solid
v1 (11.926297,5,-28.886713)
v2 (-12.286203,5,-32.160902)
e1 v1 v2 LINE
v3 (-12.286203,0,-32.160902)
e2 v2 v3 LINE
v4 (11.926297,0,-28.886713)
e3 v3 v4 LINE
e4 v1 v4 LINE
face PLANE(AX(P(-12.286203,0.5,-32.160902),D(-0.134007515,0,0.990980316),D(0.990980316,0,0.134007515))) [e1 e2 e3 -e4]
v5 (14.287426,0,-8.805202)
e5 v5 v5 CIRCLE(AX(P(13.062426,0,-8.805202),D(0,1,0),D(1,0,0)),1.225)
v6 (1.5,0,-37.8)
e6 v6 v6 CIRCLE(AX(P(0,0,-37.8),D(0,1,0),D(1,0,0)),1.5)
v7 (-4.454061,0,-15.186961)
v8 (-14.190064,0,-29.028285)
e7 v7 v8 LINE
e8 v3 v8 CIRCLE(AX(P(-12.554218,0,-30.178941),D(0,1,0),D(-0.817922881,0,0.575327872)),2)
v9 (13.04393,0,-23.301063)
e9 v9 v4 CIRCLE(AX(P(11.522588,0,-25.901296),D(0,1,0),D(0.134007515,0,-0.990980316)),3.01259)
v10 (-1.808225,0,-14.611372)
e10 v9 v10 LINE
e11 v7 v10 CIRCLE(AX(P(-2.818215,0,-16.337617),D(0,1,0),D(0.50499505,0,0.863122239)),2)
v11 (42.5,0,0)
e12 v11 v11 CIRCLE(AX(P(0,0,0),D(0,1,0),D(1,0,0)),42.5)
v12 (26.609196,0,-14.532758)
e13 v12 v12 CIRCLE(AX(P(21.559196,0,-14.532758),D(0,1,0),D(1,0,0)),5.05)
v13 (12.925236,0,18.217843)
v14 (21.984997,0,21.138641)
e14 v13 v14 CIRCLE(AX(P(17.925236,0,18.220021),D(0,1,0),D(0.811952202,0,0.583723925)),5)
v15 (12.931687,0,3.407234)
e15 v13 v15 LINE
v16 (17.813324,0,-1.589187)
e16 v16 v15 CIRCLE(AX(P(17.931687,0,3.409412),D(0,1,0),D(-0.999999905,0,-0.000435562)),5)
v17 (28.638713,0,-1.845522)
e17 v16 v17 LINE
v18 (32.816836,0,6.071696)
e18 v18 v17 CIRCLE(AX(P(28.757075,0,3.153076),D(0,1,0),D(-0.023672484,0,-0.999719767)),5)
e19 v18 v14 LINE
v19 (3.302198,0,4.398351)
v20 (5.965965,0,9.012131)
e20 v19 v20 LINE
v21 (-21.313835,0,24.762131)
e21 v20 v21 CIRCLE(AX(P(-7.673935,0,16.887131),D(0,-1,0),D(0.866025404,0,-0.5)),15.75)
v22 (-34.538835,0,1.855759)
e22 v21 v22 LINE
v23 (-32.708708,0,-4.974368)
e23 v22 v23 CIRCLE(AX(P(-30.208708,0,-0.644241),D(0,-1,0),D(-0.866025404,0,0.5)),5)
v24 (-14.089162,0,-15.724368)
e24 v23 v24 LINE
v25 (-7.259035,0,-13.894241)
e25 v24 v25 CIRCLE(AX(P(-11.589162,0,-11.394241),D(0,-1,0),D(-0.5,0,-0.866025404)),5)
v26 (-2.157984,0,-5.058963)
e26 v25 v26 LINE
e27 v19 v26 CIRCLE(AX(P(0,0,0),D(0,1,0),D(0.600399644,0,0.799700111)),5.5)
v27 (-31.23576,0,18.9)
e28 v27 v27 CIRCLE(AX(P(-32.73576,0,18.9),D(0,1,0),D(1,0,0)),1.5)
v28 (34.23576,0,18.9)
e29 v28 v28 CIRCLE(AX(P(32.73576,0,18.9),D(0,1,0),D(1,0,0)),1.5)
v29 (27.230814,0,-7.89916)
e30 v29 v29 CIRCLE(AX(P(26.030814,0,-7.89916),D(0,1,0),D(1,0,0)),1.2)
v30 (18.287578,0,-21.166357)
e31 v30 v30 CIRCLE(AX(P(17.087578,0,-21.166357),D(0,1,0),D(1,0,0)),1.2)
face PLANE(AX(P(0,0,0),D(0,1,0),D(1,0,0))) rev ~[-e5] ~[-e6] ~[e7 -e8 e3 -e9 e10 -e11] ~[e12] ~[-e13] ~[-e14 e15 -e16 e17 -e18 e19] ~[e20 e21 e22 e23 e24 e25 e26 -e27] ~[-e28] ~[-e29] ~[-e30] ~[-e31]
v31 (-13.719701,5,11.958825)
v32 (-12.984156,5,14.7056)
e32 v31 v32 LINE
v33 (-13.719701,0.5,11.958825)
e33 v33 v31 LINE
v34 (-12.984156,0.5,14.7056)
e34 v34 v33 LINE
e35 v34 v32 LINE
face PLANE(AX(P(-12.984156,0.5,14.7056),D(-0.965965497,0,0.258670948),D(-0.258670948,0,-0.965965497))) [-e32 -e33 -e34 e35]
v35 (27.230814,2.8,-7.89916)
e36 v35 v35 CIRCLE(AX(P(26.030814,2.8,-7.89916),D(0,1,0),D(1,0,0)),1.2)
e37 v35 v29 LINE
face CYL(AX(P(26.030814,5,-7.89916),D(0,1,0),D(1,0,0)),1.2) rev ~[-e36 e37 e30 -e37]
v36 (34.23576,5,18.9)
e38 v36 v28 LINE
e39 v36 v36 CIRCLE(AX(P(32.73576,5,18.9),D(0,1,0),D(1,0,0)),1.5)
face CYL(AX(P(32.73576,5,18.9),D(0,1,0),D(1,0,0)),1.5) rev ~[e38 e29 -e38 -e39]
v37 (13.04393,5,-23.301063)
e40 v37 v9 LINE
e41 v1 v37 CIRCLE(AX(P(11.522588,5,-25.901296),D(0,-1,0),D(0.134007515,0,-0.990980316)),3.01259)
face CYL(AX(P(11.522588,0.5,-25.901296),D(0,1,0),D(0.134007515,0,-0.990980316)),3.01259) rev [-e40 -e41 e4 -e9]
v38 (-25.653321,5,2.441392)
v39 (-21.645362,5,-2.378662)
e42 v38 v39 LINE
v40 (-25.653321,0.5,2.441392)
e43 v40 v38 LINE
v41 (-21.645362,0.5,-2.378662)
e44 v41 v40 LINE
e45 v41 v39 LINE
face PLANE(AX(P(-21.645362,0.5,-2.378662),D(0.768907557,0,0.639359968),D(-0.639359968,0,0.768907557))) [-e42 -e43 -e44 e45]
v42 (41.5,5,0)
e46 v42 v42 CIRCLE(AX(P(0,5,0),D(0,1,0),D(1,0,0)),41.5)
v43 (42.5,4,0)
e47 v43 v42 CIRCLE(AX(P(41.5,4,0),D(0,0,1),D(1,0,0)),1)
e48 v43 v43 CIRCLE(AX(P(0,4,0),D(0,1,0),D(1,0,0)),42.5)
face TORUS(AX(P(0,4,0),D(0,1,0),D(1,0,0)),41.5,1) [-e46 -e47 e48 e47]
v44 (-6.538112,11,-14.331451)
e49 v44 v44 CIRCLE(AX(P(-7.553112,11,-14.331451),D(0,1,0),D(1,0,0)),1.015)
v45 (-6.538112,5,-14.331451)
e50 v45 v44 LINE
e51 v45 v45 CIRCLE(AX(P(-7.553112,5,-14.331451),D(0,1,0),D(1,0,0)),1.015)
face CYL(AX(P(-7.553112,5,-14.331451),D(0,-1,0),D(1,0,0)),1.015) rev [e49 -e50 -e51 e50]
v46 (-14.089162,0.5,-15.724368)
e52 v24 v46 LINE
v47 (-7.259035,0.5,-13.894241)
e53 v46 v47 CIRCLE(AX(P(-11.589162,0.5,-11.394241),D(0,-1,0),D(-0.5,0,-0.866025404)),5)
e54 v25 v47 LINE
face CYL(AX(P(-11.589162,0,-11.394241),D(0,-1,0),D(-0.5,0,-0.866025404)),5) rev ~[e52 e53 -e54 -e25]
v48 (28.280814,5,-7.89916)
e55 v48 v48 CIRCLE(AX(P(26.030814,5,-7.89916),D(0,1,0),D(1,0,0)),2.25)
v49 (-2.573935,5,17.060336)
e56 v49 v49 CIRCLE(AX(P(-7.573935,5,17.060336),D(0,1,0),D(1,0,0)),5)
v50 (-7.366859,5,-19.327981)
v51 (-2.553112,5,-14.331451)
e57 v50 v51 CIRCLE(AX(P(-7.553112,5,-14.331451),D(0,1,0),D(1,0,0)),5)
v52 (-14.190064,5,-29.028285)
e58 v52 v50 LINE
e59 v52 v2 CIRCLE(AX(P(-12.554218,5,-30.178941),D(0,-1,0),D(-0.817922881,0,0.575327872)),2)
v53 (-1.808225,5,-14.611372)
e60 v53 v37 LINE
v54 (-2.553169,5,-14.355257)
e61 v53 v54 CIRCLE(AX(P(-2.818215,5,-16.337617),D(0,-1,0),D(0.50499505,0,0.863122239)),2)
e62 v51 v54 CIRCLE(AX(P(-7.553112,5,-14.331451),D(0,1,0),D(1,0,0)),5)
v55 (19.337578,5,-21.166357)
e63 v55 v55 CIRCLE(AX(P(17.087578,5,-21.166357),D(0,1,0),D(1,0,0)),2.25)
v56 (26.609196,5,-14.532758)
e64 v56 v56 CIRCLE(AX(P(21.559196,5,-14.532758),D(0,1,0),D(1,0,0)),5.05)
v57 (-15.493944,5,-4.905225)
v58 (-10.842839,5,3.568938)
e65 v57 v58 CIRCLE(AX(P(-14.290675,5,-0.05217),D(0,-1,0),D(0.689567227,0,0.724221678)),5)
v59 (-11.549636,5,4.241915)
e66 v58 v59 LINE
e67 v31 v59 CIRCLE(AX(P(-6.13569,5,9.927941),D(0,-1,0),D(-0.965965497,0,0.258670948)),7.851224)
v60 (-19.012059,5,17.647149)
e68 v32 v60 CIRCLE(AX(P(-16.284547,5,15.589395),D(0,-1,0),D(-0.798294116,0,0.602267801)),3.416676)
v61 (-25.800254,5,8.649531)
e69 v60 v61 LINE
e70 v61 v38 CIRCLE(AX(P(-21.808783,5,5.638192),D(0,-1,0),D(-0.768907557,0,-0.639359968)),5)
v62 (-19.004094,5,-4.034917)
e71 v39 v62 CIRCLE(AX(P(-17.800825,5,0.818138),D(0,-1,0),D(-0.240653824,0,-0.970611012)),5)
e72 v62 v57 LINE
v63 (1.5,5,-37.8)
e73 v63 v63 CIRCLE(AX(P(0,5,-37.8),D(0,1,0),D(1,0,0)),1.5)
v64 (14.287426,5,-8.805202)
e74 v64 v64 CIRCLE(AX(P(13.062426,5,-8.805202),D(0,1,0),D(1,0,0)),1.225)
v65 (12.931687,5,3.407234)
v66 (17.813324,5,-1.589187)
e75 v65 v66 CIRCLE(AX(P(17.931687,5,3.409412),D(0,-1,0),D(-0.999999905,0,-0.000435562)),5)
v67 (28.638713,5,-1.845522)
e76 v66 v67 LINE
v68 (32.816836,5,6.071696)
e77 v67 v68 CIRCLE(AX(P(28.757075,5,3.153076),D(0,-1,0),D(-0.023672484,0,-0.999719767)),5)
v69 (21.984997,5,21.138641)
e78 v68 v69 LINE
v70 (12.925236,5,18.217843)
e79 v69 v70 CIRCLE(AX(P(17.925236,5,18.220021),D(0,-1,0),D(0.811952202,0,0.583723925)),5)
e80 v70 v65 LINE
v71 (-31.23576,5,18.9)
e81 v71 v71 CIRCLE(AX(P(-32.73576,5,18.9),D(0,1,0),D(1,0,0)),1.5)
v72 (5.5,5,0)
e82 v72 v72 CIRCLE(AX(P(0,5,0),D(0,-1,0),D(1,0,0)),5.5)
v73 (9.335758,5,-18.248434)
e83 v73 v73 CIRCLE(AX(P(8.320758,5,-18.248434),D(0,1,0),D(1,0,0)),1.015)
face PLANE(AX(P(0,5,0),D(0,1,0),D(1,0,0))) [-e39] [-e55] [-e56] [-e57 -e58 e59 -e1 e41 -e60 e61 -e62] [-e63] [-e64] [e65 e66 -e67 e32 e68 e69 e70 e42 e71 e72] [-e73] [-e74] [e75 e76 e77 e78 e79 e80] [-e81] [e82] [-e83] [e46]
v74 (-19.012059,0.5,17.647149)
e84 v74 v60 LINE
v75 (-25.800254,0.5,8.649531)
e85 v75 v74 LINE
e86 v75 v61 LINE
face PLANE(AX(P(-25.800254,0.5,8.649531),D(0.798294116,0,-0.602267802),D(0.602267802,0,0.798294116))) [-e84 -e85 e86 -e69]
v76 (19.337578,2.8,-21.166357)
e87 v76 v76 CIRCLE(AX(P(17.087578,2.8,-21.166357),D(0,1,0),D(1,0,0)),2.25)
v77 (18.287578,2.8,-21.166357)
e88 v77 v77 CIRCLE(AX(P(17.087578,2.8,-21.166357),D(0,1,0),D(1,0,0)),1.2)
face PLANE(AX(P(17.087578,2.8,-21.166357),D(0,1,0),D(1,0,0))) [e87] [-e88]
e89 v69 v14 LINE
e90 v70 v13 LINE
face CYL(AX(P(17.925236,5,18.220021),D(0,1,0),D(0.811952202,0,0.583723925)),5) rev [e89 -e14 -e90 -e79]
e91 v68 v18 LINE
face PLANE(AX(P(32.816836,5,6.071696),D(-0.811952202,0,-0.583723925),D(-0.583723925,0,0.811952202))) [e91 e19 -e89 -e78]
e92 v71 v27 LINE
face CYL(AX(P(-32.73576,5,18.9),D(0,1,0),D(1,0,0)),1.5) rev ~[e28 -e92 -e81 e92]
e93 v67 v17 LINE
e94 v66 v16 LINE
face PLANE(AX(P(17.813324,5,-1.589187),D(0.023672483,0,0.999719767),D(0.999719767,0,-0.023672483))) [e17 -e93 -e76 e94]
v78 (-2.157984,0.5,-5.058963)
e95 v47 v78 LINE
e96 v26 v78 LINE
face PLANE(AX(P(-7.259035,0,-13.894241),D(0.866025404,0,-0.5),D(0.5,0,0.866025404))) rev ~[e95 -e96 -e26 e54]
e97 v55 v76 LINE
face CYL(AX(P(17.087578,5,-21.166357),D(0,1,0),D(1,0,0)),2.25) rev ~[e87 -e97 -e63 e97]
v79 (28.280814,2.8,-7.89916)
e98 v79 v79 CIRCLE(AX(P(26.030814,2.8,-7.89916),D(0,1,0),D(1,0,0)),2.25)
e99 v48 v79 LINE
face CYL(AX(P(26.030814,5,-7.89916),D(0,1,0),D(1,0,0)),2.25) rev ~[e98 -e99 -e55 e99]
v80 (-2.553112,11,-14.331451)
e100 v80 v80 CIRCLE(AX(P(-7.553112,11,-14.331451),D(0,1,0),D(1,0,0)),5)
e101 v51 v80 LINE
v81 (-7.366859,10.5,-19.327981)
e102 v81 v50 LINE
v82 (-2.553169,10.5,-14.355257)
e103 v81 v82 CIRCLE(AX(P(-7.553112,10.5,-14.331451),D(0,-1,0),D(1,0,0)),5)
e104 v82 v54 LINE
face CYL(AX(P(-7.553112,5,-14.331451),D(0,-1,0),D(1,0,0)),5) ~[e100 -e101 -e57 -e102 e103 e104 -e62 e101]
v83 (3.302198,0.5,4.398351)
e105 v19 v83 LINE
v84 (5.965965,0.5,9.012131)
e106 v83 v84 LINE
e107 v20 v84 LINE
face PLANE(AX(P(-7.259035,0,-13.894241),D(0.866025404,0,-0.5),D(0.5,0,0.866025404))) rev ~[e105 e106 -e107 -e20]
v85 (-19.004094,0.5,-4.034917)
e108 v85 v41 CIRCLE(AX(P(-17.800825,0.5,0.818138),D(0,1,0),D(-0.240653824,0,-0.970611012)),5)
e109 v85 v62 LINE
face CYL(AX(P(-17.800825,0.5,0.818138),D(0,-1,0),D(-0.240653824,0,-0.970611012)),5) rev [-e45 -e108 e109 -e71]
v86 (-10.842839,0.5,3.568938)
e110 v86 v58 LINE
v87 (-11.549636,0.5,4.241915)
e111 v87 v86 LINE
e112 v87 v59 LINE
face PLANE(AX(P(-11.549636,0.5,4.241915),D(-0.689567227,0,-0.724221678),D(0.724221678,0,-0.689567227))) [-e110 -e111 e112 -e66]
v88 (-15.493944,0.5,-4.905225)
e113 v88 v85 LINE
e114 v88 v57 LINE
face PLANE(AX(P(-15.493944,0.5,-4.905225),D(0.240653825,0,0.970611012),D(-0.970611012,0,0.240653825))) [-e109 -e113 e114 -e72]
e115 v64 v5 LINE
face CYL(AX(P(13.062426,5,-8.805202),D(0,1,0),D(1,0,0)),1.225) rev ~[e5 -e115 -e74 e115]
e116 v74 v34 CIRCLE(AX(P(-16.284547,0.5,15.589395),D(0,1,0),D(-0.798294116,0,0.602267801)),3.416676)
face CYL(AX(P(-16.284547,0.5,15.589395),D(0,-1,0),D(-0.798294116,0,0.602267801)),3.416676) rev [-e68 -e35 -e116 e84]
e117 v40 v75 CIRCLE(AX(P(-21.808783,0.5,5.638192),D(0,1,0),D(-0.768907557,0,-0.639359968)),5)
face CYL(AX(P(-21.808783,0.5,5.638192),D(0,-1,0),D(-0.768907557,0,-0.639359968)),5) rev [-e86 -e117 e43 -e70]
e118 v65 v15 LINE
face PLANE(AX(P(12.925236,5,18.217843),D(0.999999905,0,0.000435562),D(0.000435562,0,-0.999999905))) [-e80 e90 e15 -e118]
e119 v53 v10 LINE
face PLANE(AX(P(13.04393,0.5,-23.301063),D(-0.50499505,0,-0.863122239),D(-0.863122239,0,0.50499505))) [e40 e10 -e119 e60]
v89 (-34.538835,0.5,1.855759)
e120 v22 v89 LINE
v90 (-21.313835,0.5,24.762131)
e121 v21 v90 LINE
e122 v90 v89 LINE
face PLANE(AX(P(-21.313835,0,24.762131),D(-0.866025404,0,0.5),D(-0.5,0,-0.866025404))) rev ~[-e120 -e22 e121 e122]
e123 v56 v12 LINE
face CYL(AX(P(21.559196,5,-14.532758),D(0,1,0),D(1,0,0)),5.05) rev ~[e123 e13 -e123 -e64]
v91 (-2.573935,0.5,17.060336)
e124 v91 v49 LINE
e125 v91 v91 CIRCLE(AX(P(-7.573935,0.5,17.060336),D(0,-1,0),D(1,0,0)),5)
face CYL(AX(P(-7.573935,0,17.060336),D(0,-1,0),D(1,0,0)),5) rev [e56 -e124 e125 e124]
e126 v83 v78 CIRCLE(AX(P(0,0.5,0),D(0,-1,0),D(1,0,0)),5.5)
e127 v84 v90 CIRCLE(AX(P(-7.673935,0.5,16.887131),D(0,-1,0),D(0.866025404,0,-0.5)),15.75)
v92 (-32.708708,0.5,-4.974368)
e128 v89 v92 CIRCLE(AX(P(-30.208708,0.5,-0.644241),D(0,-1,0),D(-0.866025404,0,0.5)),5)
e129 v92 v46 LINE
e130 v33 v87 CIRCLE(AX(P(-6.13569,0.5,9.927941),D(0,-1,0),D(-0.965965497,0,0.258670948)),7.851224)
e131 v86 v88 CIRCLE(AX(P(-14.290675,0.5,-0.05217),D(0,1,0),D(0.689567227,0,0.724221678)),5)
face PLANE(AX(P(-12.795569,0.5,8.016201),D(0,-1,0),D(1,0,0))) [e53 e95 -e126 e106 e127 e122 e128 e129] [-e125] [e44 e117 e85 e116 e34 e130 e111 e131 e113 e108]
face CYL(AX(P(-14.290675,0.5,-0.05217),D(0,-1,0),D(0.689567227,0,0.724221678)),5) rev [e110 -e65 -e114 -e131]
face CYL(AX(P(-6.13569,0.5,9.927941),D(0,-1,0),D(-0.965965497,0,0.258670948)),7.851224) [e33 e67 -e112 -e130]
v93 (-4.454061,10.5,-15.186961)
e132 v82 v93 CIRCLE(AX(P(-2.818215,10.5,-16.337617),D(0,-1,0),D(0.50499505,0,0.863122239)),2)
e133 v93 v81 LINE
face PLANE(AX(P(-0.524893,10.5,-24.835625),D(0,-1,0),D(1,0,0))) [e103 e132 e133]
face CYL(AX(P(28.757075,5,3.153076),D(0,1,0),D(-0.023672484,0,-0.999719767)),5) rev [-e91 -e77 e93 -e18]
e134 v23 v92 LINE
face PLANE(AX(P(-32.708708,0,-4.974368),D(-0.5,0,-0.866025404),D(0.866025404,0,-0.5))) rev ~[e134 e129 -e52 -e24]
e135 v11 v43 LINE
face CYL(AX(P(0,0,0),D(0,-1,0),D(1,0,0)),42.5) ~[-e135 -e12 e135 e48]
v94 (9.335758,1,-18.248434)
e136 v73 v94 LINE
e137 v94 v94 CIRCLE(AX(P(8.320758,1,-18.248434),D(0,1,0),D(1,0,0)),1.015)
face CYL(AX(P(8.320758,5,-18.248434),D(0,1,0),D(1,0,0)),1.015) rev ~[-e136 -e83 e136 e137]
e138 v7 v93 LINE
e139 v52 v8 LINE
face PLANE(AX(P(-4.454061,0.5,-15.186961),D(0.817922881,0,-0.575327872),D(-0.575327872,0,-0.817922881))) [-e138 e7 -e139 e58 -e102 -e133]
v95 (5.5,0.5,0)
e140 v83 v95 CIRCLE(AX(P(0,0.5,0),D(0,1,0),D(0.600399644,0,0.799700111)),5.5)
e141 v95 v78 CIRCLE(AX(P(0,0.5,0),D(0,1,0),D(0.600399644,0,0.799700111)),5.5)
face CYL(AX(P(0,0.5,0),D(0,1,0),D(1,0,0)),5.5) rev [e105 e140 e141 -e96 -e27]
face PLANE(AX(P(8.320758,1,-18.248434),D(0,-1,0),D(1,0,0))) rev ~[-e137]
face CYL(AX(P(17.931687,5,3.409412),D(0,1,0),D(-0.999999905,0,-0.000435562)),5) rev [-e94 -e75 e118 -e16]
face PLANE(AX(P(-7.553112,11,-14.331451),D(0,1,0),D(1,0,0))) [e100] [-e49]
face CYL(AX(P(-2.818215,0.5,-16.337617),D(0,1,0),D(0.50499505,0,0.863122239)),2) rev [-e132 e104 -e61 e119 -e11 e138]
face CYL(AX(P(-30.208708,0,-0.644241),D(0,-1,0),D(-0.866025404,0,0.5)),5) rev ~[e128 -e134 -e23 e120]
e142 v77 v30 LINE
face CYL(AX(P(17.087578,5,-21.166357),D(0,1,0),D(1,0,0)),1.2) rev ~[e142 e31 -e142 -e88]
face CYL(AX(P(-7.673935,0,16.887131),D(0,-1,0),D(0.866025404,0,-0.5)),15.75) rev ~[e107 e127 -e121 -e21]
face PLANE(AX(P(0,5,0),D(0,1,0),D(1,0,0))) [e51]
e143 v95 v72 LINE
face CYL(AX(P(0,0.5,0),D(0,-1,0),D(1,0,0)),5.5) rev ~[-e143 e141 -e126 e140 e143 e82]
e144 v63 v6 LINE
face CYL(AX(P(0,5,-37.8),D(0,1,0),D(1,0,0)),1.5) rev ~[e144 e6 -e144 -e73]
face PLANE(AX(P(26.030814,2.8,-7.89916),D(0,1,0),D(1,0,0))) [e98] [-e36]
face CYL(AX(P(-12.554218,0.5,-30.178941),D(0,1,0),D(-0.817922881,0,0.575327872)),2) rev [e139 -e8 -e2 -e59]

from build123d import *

# Parameters (mm, degrees)
SKETCH1_R                = 42.5
SKETCH1_R_2              = 5
BOSS_EXTRUDE1_DEPTH      = 5
SKETCH2_R                = 1.2
SKETCH2_R_2              = 1.225
SKETCH2_R_3              = 5.05
SKETCH2_R_4              = 1.015
CUT_EXTRUDE1_DEPTH       = 10
SKETCH5_R                = 5
SKETCH5_R_2              = 1.015
BOSS_EXTRUDE2_DEPTH      = 6
SKETCH9_R                = 2.357259082
BOSS_EXTRUDE4_DEPTH      = 1
FILLET1_R                = 1
SKETCH10_R               = 1.5
CUT_EXTRUDE3_DEPTH       = 2.2
CUT_EXTRUDE3_DEPTH_BACK  = 16
CUT_EXTRUDE6_DEPTH       = 0.5
CUT_EXTRUDE7_DEPTH       = 10
CUT_EXTRUDE8_DEPTH       = 10
CUT_EXTRUDE8_DEPTH_BACK  = 10
CUT_EXTRUDE9_DEPTH       = 10
CUT_EXTRUDE9_DEPTH_BACK  = 10
SKETCH17_R               = 5.5
CUT_EXTRUDE10_DEPTH      = 10
CUT_EXTRUDE10_DEPTH_BACK = 10
SKETCH18_R               = 2.25
CUT_EXTRUDE11_DEPTH      = 2.2


with BuildPart() as part:
    # Sketch1 → Boss-Extrude1 (new body)
    with BuildSketch(Plane(origin=(0, 0, 0), x_dir=(1, 0, 0), z_dir=(0, 1, 0))):
        Circle(SKETCH1_R)
        with Locations((-7.573934673, -17.06033615)):
            Circle(SKETCH1_R_2, mode=Mode.SUBTRACT)
    extrude(amount=BOSS_EXTRUDE1_DEPTH)

    # Sketch2 → Cut-Extrude1 (cut)
    with BuildSketch(Plane(origin=(0, 5, 0), x_dir=(1, 0, 0), z_dir=(0, 1, 0))):
        with Locations((26.030814012, 7.899159566)):
            Circle(SKETCH2_R)
        with Locations((17.087578103, 21.16635714)):
            Circle(SKETCH2_R)
        with Locations((13.062426036, 8.805202225)):
            Circle(SKETCH2_R_2)
        with Locations((21.559196058, 14.532758353)):
            Circle(SKETCH2_R_3)
        with Locations((8.320757608, 18.248434254)):
            Circle(SKETCH2_R_4)
    extrude(amount=-CUT_EXTRUDE1_DEPTH, mode=Mode.SUBTRACT)

    # Sketch5 → Boss-Extrude2 (add)
    with BuildSketch(Plane(origin=(0, 5, 0), x_dir=(1, 0, 0), z_dir=(0, 1, 0))):
        with Locations((-7.55311225, 14.331451264)):
            Circle(SKETCH5_R)
        with Locations((-7.55311225, 14.331451264)):
            Circle(SKETCH5_R_2, mode=Mode.SUBTRACT)
    extrude(amount=BOSS_EXTRUDE2_DEPTH)

    # Sketch9 → Boss-Extrude4 (add)
    with BuildSketch(Plane.XZ):
        with Locations((8.320757608, -18.248434254)):
            Circle(SKETCH9_R)
    extrude(amount=-BOSS_EXTRUDE4_DEPTH)

    # Fillet1
    fillet1_edges = [part.edges().sort_by_distance(p)[0] for p in [
        (-42.5, 5, 0),
    ]]
    fillet(fillet1_edges, radius=FILLET1_R)

    # Sketch10 → Cut-Extrude3 (cut, two sides)
    with BuildSketch(Plane(origin=(0, 5, 0), x_dir=(1, 0, 0), z_dir=(0, 1, 0))) as cut_extrude3_sk:
        with Locations((0, 37.8)):
            Circle(SKETCH10_R)
        with Locations((-32.735760263, -18.9)):
            Circle(SKETCH10_R)
        with Locations((32.735760263, -18.9)):
            Circle(SKETCH10_R)
    extrude(amount=CUT_EXTRUDE3_DEPTH, mode=Mode.SUBTRACT)
    extrude(cut_extrude3_sk.sketch, amount=-CUT_EXTRUDE3_DEPTH_BACK, mode=Mode.SUBTRACT)

    # Sketch12 → Cut-Extrude6 (cut)
    with BuildSketch(Plane.XZ):
        with BuildLine():
            Line((-21.313834783, 24.76213107), (-34.538834783, 1.855759139))
            ThreePointArc((-34.538834783, 1.855759139), (-35.038336896, -1.938336086), (-32.708707764, -4.974367879))
            Line((-32.708707764, -4.974367879), (-14.089161583, -15.724367879))
            ThreePointArc((-14.089161583, -15.724367879), (-10.295066357, -16.223869992), (-7.259034564, -13.894240861))
            Line((-7.259034564, -13.894240861), (5.965965436, 9.01213107))
            ThreePointArc((5.965965436, 9.01213107), (0.201065327, 30.527031179), (-21.313834783, 24.76213107))
        make_face()
    extrude(amount=-CUT_EXTRUDE6_DEPTH, mode=Mode.SUBTRACT)

    # Sketch13 → Cut-Extrude7 (cut)
    with BuildSketch(Plane(origin=(0, 5, 0), x_dir=(1, 0, 0), z_dir=(0, 1, 0))):
        with BuildLine():
            Line((32.816836472, -6.07169605), (21.984996749, -21.138640776))
            ThreePointArc((21.984996749, -21.138640776), (16.391033491, -22.978825985), (12.925236211, -18.21784334))
            Line((12.925236211, -18.21784334), (12.931687147, -3.407234286))
            ThreePointArc((12.931687147, -3.407234286), (14.35531099, 0.084802692), (17.813324255, 1.589186743))
            Line((17.813324255, 1.589186743), (28.638713042, 1.845522414))
            ThreePointArc((28.638713042, 1.845522414), (33.179093412, -0.819461796), (32.816836472, -6.07169605))
        make_face()
    extrude(amount=-CUT_EXTRUDE7_DEPTH, mode=Mode.SUBTRACT)

    # Sketch15 → Cut-Extrude8 (cut, two sides)
    with BuildSketch(Plane.XZ.offset(-0.5)) as cut_extrude8_sk:
        with BuildLine():
            Line((-4.454061063, -15.186961023), (-14.190064184, -29.028285448))
            ThreePointArc((-14.190064184, -29.028285448), (-14.263329759, -31.217660805), (-12.286203391, -32.160901823))
            Line((-12.286203391, -32.160901823), (11.926297184, -28.886712635))
            ThreePointArc((11.926297184, -28.886712635), (14.476623444, -26.492368994), (13.043930349, -23.301062679))
            Line((13.043930349, -23.301062679), (-1.808225202, -14.611372289))
            ThreePointArc((-1.808225202, -14.611372289), (-3.243361659, -14.383326468), (-4.454061063, -15.186961023))
        make_face()
    extrude(amount=CUT_EXTRUDE8_DEPTH, mode=Mode.SUBTRACT)
    extrude(cut_extrude8_sk.sketch, amount=-CUT_EXTRUDE8_DEPTH_BACK, mode=Mode.SUBTRACT)

    # Sketch16 → Cut-Extrude9 (cut, two sides)
    with BuildSketch(Plane.XZ.offset(-0.5)) as cut_extrude9_sk:
        with BuildLine():
            Line((-12.984156175, 14.705600426), (-13.719701132, 11.95882482))
            ThreePointArc((-13.719701132, 11.95882482), (-13.693758532, 7.802544191), (-11.54963643, 4.241914739))
            Line((-11.54963643, 4.241914739), (-10.842839117, 3.568938111))
            ThreePointArc((-10.842839117, 3.568938111), (-9.907482144, -2.457917187), (-15.493944375, -4.905225341))
            Line((-15.493944375, -4.905225341), (-19.004093622, -4.034917019))
            ThreePointArc((-19.004093622, -4.034917019), (-20.457115896, -3.417911536), (-21.645362284, -2.3786618))
            Line((-21.645362284, -2.3786618), (-25.653320737, 2.441392154))
            ThreePointArc((-25.653320737, 2.441392154), (-26.807383132, 5.519886283), (-25.80025353, 8.649531003))
            Line((-25.80025353, 8.649531003), (-19.012059198, 17.647148968))
            ThreePointArc((-19.012059198, 17.647148968), (-14.786139745, 18.659973084), (-12.984156175, 14.705600426))
        make_face()
    extrude(amount=CUT_EXTRUDE9_DEPTH, mode=Mode.SUBTRACT)
    extrude(cut_extrude9_sk.sketch, amount=-CUT_EXTRUDE9_DEPTH_BACK, mode=Mode.SUBTRACT)

    # Sketch17 → Cut-Extrude10 (cut, two sides)
    with BuildSketch(Plane.XZ.offset(-0.5)) as cut_extrude10_sk:
        Circle(SKETCH17_R)
    extrude(amount=CUT_EXTRUDE10_DEPTH, mode=Mode.SUBTRACT)
    extrude(cut_extrude10_sk.sketch, amount=-CUT_EXTRUDE10_DEPTH_BACK, mode=Mode.SUBTRACT)

    # Sketch18 → Cut-Extrude11 (cut)
    with BuildSketch(Plane(origin=(0, 5, 0), x_dir=(1, 0, 0), z_dir=(0, 1, 0))):
        with Locations((17.087578103, 21.16635714)):
            Circle(SKETCH18_R)
        with Locations((26.030814012, 7.899159566)):
            Circle(SKETCH18_R)
    extrude(amount=-CUT_EXTRUDE11_DEPTH, mode=Mode.SUBTRACT)


solid = part.part
